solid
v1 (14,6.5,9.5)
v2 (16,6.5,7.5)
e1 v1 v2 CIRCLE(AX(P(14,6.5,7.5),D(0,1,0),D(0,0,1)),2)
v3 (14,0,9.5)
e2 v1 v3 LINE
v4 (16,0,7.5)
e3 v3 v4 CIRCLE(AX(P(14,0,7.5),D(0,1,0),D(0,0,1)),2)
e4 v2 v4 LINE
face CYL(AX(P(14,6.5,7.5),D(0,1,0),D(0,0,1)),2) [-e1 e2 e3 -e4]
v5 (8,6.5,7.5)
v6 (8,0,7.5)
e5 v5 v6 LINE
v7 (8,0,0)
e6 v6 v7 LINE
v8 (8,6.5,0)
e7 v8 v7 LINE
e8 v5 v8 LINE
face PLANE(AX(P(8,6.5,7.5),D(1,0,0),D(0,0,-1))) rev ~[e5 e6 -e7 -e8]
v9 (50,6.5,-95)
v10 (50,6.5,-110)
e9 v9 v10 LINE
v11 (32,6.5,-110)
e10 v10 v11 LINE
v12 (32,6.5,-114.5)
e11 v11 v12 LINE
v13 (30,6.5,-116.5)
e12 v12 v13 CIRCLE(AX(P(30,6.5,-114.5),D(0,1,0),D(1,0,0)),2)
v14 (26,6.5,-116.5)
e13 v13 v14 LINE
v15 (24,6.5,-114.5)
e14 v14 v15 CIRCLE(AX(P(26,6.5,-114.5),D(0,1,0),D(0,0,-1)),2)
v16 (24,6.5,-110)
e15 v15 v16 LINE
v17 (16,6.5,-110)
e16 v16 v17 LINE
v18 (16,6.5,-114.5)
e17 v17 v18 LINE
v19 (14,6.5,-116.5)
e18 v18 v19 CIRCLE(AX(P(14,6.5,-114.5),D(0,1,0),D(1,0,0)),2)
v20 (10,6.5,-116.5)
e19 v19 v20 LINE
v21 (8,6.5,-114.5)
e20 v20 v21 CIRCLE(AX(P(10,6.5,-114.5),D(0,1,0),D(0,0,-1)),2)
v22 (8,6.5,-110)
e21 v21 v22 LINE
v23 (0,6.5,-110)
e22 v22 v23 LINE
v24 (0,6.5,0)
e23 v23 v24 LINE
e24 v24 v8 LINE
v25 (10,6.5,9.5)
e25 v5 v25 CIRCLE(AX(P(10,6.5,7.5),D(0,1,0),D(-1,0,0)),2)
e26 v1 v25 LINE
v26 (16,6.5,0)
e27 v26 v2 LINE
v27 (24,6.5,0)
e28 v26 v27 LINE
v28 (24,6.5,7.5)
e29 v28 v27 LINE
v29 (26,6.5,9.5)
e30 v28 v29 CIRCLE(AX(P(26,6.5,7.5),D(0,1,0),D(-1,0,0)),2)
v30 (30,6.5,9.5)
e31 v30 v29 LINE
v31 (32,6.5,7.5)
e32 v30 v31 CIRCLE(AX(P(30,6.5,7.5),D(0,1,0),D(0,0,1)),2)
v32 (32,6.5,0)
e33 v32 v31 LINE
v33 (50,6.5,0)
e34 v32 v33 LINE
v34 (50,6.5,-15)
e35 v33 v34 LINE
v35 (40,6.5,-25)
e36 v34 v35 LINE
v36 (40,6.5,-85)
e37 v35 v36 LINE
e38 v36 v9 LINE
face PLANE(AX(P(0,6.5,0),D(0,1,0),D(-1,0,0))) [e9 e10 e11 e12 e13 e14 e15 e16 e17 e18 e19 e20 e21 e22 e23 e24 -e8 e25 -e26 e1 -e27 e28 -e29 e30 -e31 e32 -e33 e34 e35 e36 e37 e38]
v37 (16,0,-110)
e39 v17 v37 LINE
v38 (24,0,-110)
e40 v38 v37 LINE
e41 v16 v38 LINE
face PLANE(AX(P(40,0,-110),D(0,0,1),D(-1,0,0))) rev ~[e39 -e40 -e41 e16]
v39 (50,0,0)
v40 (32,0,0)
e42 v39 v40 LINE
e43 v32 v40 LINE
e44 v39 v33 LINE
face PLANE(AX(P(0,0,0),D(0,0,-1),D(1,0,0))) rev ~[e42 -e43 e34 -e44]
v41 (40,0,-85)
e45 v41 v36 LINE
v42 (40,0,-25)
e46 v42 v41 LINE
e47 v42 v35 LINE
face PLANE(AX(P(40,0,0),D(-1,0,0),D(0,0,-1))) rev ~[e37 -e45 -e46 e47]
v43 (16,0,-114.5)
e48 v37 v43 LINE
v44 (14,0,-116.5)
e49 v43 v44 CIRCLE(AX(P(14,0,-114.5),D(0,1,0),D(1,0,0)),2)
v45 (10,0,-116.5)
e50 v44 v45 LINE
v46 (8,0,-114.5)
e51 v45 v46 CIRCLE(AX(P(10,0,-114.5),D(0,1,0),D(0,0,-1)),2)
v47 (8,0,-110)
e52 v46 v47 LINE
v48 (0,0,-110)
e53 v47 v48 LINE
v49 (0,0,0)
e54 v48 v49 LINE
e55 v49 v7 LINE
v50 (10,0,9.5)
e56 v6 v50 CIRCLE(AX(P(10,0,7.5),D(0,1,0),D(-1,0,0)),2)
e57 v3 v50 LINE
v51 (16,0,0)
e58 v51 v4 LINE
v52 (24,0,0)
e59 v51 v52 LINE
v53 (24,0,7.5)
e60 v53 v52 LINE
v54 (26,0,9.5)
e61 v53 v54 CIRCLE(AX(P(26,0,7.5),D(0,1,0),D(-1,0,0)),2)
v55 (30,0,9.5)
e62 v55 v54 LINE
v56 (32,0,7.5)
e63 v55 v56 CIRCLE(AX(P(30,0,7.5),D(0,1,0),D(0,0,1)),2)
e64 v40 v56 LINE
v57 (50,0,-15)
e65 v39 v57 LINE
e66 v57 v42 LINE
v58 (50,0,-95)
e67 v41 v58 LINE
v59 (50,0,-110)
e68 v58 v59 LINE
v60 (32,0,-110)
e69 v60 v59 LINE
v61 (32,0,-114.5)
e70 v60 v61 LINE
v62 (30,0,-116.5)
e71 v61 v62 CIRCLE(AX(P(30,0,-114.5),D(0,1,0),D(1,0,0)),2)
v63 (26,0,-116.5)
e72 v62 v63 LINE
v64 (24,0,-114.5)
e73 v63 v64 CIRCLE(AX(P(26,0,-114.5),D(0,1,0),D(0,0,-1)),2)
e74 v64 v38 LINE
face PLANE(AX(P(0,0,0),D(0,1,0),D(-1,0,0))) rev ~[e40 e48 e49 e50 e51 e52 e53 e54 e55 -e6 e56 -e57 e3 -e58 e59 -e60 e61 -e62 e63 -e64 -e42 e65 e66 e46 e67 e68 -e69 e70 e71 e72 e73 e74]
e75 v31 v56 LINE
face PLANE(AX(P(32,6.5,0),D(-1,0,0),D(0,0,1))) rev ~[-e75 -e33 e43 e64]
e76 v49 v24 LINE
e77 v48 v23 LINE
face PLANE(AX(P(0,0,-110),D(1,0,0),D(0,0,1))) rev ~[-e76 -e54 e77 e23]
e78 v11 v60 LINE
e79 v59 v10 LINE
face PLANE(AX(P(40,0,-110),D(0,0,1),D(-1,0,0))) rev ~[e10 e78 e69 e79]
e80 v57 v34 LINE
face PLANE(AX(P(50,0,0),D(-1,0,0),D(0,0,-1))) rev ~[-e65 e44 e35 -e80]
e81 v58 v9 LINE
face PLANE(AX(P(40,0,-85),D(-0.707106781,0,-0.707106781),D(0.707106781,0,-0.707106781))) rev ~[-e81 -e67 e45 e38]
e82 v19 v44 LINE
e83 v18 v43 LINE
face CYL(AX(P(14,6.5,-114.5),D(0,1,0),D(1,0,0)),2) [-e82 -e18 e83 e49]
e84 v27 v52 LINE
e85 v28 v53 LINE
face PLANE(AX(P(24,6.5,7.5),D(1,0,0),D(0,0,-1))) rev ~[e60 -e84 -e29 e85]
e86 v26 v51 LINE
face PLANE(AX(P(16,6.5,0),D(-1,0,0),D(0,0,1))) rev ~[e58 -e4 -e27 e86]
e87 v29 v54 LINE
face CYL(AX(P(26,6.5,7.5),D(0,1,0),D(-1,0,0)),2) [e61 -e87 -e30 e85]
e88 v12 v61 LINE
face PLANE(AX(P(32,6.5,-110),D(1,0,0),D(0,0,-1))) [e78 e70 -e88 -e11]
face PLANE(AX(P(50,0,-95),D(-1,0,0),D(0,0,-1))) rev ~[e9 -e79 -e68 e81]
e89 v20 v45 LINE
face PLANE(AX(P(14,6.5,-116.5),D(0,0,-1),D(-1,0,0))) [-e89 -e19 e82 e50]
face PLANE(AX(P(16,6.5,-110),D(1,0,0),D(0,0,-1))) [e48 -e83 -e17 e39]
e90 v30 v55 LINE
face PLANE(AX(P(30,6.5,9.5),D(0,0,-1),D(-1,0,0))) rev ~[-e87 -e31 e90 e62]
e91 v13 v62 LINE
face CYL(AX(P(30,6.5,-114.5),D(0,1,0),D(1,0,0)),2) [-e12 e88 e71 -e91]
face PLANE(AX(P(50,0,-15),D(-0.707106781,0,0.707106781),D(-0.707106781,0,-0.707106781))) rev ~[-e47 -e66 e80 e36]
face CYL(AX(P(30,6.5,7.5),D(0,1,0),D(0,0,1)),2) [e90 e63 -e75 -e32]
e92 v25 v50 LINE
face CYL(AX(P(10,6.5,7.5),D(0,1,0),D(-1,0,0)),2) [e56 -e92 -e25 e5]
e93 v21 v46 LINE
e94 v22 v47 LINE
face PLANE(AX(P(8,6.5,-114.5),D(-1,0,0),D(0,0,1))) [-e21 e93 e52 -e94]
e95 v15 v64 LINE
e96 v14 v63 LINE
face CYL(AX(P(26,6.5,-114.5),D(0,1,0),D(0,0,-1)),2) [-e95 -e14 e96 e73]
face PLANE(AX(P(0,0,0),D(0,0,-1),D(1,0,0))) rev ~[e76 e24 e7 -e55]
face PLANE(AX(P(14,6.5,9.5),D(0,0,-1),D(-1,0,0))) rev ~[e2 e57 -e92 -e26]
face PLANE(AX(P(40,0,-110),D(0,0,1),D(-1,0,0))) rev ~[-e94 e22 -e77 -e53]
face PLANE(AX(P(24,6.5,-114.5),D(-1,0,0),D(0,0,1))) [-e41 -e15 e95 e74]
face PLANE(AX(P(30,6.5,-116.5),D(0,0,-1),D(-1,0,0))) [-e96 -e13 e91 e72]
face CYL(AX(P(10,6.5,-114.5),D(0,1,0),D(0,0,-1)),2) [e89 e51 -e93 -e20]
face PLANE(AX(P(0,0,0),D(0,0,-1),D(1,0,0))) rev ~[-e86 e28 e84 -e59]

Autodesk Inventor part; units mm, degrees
ref_plane "YZ Plane" through (0, 0, 0) normal (1, 0, 0) x (0, 1, 0)
ref_plane "XZ Plane" through (0, 0, 0) normal (0, 1, 0) x (-1, 0, 0)
ref_plane "XY Plane" through (0, 0, 0) normal (0, 0, 1) x (1, 0, 0)
sketch "Sketch1" plane through (0, 0, 0) normal (0, 1, 0) x (-1, 0, 0)
  line L0 (0, 0) -> (-40, 0)
  line L1 (-40, 0) -> (-40, -110)
  line L2 (-40, -110) -> (0, -110)
  line L3 (0, -110) -> (0, 0)
  dimension "d0" = 110
  dimension "d1" = 40
extrude "Extrusion1" add sketch "Sketch1" along normal blind 6.5
sketch "Sketch2" plane through (0, 6.5, 0) normal (0, 1, 0) x (1, 0, 0)
  line L0 (40, 0) -> (40, 110) projected
  line L1 (40, 110) -> (0, 110) projected
  line L2 (0, 110) -> (0, 0) projected
  line L3 (8, 110) -> (16, 110)
  line L4 (16, 110) -> (16, 114.5)
  line L5 (14, 116.5) -> (10, 116.5)
  line L6 (8, 114.5) -> (8, 110)
  line L7 (24, 110) -> (32, 110)
  line L8 (32, 110) -> (32, 114.5)
  line L9 (30, 116.5) -> (26, 116.5)
  line L10 (24, 114.5) -> (24, 110)
  arc A0 (10, 116.5) -> (8, 114.5) centre (10, 114.5) ccw
  arc A1 (16, 114.5) -> (14, 116.5) centre (14, 114.5) ccw
  arc A2 (26, 116.5) -> (24, 114.5) centre (26, 114.5) ccw
  arc A3 (32, 114.5) -> (30, 116.5) centre (30, 114.5) ccw
  line L11 (8, 112.25) -> (0, 112.25) construction
  line L12 (16, 112.25) -> (24, 112.25) construction
  line L13 (32, 112.25) -> (40, 112.25) construction
  line L14 (0, 55) -> (40, 55) construction
  line L15 (0, 0) -> (40, 0) projected
  line L16 (40, 0) -> (40, 110) projected
  line L17 (40, 110) -> (0, 110) projected
  line L18 (0, 110) -> (0, 0) projected
  line L19 (8, 0) -> (16, 0)
  line L20 (16, 0) -> (16, -7.5)
  line L21 (14, -9.5) -> (10, -9.5)
  line L22 (8, -7.5) -> (8, 0)
  line L23 (24, 0) -> (32, 0)
  line L24 (32, 0) -> (32, -7.5)
  line L25 (30, -9.5) -> (26, -9.5)
  line L26 (24, -7.5) -> (24, 0)
  arc A4 (8, -7.5) -> (10, -9.5) centre (10, -7.5) ccw
  arc A5 (14, -9.5) -> (16, -7.5) centre (14, -7.5) ccw
  arc A6 (24, -7.5) -> (26, -9.5) centre (26, -7.5) ccw
  arc A7 (30, -9.5) -> (32, -7.5) centre (30, -7.5) ccw
  dimension "d4" = 2
  dimension "d5" = 8
  dimension "d6" = 8
  dimension "d7" = 6.5
  dimension "d10" = 2
  dimension "d11" = 9.5
extrude "Extrusion3" add sketch "Sketch2" against normal blind 6.5 contours L24 A7 L25 A6 L26 L15 | L1 L10 A2 L9 A3 L8 | L20 A5 L21 A4 L22 L15 | L1 L6 A0 L5 A1 L4
sketch "Sketch3" plane through (0, 0, 0) normal (0, -1, 0) x (1, 0, 0)
  line L0 (0, -110) -> (0, 0) projected
  line L1 (40, 0) -> (40, -110) projected
  line L2 (8, 7.5) -> (8, 0) projected
  line L3 (40, 0) -> (50, 0)
  line L4 (50, 0) -> (50, -15)
  line L5 (50, -15) -> (40, -25)
  line L6 (40, -85) -> (50, -95)
  line L7 (50, -95) -> (50, -110)
  line L8 (50, -110) -> (40, -110)
  line L9 (40, -85) -> (40, -110)
  line L10 (40, 0) -> (40, -25)
  dimension "d14" = 10
  dimension "d15" = 15
  dimension "d16" = 45
  dimension "d17" = 15
extrude "Extrusion4" add sketch "Sketch3" against normal blind 6.5
equation "\"d6\" = d5"
equation "\"d17\" = d15"
properties part number "spool_stand_brace_middle_a" material "Plywood, Finish"
